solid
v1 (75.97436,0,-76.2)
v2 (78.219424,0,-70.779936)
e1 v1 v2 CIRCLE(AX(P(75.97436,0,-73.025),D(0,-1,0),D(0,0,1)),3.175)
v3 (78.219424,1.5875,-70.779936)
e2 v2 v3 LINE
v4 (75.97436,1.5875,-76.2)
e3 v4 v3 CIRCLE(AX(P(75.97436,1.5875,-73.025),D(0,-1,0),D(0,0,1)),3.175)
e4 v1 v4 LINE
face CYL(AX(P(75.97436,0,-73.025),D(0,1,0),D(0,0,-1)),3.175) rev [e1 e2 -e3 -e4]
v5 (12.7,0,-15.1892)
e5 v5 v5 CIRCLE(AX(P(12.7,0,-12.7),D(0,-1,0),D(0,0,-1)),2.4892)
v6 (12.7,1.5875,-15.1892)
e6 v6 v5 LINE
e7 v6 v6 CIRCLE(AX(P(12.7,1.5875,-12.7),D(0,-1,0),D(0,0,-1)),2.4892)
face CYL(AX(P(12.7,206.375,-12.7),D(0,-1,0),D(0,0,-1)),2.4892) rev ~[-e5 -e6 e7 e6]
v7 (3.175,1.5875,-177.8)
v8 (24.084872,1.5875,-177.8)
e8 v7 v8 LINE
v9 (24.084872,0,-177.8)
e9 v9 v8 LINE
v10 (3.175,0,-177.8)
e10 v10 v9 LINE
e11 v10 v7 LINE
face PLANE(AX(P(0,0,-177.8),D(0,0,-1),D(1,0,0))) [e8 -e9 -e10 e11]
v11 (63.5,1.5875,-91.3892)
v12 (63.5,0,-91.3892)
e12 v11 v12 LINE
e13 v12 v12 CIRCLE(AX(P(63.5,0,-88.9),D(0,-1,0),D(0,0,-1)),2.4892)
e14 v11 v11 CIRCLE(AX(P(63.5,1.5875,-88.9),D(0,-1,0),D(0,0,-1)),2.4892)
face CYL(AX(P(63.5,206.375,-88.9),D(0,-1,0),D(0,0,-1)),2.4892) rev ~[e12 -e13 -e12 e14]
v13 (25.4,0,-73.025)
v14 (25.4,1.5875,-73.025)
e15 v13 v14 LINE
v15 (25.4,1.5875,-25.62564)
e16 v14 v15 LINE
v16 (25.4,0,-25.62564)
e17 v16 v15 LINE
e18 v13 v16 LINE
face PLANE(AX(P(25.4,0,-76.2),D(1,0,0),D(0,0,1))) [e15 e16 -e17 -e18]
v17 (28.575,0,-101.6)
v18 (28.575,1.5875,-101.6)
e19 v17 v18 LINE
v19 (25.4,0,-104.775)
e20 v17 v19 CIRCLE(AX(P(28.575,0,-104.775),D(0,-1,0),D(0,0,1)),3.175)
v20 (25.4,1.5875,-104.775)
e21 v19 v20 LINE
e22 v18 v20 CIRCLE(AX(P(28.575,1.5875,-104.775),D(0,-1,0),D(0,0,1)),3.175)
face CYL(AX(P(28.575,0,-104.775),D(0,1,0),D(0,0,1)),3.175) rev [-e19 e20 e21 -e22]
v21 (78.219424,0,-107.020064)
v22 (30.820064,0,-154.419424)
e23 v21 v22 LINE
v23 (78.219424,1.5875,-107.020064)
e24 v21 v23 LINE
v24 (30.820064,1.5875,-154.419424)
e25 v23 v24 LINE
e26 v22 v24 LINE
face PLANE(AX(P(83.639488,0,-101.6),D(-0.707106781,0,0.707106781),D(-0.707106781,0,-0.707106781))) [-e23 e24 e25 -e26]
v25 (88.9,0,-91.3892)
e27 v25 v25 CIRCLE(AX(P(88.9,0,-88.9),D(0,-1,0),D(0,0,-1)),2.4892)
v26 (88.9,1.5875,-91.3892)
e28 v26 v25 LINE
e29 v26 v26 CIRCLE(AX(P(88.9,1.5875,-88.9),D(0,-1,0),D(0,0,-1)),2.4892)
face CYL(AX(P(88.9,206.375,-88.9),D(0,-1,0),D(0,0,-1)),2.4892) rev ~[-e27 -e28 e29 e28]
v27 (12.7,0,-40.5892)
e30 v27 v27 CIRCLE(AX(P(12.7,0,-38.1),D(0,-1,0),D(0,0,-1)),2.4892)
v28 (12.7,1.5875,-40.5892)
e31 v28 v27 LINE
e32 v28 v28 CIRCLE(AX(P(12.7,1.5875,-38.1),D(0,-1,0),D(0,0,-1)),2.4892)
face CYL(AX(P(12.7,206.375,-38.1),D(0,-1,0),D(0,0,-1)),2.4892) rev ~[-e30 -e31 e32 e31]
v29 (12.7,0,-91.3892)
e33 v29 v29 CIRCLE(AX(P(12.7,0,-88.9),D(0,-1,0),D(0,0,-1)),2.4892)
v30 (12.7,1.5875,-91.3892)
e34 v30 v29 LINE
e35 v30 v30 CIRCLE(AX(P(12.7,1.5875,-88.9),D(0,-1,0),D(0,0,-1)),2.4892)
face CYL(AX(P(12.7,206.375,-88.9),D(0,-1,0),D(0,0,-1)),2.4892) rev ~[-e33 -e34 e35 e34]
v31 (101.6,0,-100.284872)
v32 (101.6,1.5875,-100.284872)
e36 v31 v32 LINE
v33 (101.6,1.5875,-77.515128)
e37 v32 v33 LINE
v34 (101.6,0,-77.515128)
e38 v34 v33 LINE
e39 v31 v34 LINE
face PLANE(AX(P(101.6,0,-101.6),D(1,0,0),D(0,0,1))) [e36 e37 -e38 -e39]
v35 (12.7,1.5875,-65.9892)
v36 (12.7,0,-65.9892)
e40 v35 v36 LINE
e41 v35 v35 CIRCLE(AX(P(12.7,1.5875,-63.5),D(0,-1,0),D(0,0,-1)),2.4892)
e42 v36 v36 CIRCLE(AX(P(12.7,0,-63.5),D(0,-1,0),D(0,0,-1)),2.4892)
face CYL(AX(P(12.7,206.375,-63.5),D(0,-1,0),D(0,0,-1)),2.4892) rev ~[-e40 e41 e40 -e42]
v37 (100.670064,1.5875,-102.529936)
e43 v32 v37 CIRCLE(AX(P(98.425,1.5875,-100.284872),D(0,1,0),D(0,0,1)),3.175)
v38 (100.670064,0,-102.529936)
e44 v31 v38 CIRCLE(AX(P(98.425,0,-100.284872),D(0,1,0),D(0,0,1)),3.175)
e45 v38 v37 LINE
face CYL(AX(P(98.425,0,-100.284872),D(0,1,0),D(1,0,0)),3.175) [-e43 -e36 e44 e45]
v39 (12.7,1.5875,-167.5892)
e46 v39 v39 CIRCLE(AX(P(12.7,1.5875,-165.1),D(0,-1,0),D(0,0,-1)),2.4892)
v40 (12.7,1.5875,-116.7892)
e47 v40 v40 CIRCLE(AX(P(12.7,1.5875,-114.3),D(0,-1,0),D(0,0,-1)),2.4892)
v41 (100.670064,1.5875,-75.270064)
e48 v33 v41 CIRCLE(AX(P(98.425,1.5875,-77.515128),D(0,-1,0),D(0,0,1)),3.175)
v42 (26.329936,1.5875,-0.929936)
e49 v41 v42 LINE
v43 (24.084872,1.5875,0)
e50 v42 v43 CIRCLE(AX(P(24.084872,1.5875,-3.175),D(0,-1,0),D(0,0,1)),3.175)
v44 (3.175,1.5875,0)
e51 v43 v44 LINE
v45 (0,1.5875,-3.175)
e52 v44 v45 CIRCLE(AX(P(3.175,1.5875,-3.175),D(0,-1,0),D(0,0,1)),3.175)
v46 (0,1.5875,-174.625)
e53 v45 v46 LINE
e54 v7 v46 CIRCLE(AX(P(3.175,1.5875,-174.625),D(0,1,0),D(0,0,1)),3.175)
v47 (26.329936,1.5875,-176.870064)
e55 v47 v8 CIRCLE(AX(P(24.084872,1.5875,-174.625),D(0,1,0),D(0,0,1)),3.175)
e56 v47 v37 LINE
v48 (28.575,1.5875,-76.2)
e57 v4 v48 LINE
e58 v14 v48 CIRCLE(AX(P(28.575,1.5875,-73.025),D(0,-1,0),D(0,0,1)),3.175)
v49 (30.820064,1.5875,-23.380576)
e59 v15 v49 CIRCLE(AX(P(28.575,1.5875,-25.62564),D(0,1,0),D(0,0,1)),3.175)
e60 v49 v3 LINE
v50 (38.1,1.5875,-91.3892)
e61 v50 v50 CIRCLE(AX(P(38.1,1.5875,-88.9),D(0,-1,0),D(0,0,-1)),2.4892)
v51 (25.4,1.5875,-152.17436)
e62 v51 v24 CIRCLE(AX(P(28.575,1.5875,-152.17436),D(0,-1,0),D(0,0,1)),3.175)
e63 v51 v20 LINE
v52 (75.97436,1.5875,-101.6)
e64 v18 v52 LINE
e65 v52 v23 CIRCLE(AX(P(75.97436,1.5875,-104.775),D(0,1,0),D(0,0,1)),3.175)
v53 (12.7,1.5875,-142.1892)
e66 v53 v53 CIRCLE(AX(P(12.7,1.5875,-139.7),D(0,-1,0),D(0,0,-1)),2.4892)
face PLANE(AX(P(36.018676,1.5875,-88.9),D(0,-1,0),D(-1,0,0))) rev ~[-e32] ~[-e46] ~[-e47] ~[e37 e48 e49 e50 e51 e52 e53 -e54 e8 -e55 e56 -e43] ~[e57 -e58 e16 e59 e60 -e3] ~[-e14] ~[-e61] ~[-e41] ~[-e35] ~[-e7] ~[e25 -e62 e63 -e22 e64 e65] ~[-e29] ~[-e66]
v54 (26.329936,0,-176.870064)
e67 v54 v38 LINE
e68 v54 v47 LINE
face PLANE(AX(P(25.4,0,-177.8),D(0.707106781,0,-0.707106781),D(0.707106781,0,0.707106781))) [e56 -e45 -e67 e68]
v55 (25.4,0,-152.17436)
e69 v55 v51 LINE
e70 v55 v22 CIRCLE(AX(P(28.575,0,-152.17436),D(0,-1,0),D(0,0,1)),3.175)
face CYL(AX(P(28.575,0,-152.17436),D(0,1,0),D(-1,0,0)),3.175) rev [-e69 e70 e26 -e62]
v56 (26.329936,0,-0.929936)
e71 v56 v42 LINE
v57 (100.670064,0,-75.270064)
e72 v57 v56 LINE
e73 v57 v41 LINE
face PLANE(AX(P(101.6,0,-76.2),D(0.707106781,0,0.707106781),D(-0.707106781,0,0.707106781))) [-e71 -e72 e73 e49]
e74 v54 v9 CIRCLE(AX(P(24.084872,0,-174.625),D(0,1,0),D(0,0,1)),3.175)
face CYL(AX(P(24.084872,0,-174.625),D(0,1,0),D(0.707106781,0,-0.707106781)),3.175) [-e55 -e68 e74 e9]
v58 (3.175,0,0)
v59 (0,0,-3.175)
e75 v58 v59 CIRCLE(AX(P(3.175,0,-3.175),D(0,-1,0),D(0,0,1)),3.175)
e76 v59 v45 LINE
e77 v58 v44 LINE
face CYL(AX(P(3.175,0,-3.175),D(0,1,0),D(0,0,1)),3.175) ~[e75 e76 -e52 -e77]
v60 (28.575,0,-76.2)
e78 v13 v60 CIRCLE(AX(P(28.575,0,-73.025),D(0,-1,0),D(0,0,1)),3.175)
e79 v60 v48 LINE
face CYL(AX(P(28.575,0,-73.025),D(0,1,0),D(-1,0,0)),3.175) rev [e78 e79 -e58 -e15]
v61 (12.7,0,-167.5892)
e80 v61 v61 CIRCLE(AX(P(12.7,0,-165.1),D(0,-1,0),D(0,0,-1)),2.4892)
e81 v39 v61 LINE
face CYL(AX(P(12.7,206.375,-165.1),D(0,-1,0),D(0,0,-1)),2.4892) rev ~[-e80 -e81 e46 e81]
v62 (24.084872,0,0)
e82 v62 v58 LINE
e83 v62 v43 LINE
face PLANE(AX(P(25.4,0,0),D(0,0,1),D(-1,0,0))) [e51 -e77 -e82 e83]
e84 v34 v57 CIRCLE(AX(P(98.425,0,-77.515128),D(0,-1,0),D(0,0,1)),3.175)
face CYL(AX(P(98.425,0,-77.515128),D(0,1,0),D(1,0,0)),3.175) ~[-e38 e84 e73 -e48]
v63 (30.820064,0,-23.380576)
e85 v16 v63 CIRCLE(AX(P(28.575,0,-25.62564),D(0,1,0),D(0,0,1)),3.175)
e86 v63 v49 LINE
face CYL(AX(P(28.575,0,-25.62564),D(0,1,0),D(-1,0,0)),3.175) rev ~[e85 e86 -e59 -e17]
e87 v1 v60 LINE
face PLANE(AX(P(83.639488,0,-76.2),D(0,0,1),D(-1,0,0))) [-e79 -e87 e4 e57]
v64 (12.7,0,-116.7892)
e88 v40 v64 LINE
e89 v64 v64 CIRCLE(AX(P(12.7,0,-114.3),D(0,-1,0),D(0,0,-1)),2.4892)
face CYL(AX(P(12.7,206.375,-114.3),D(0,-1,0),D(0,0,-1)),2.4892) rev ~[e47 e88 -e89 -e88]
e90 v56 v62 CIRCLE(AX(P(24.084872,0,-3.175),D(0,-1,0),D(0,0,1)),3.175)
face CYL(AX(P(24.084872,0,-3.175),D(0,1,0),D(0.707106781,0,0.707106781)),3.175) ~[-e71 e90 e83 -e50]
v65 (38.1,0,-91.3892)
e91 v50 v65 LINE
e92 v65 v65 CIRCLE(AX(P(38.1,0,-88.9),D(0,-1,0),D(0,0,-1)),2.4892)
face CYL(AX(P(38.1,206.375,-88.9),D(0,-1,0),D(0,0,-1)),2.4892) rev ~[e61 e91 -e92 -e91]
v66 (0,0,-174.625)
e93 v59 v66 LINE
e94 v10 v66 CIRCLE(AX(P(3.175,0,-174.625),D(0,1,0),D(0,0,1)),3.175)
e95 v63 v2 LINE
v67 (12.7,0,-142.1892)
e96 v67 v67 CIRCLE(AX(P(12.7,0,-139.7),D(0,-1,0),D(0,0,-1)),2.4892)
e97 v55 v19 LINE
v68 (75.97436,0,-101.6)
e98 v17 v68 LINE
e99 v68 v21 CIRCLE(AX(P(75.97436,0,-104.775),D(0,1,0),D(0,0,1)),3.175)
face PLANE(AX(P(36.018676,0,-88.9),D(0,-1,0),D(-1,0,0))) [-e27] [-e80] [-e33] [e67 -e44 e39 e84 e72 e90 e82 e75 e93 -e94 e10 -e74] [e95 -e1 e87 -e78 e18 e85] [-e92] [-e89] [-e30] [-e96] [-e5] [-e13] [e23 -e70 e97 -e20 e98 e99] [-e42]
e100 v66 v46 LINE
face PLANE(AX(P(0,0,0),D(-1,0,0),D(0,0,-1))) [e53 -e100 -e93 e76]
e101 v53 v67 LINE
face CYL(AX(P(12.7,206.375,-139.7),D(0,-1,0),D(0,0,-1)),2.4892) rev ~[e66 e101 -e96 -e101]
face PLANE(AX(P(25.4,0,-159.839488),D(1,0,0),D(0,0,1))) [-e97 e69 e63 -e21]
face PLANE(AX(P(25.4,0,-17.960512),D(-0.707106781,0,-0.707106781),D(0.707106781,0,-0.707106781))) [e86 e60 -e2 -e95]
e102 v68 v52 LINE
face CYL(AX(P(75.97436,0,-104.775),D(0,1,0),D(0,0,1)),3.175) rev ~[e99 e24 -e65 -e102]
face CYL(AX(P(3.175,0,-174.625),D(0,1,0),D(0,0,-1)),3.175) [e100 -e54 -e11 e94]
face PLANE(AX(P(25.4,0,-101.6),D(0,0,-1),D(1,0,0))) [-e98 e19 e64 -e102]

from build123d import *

# Parameters (mm, degrees)
BOSS_EXTRUDE1_DEPTH        = 1.5875
F_9_0_196_DIAMETER_HOLE1_D = 4.9784
LPATTERN1_COUNT            = 4
LPATTERN1_PITCH            = 25.4
LPATTERN1_COL_COUNT        = 4
LPATTERN1_COL_PITCH        = 25.4
LPATTERN2_COUNT            = 4
LPATTERN2_PITCH            = 25.4
FILLET1_R                  = 3.175


with BuildPart() as part:
    # Sketch1 → Boss-Extrude1 (new body)
    with BuildSketch(Plane(origin=(0, 0, 0), x_dir=(1, 0, 0), z_dir=(0, 1, 0))):
        Polygon((101.6, 101.6), (101.6, 76.2), (25.4, 0), (0, 0), (0, 177.8), (25.4, 177.8), align=None)
        Polygon((25.4, 17.960512242), (83.639487758, 76.2), (25.4, 76.2), align=None, mode=Mode.SUBTRACT)
        Polygon((83.639487758, 101.6), (25.4, 159.839487758), (25.4, 101.6), align=None, mode=Mode.SUBTRACT)
    extrude(amount=BOSS_EXTRUDE1_DEPTH)

    # #9 (0.196) Diameter Hole1 (through all)
    with Locations(Plane(origin=(12.7, 1.5875, -88.9), x_dir=(0, 0, 1), z_dir=(0, 1, 0))):
        with Locations((0, 0)):
            f_9_0_196_diameter_hole1 = Hole(F_9_0_196_DIAMETER_HOLE1_D / 2)

    # LPattern1: #9 (0.196) Diameter Hole1 ×4
    with Locations(*[(0, 0, -i * LPATTERN1_PITCH) for i in range(1, LPATTERN1_COUNT)]):
        add(f_9_0_196_diameter_hole1, mode=Mode.SUBTRACT)

    # LPattern1 col: #9 (0.196) Diameter Hole1 ×4
    with Locations(*[(i * LPATTERN1_COL_PITCH, 0, 0) for i in range(1, LPATTERN1_COL_COUNT)]):
        add(f_9_0_196_diameter_hole1, mode=Mode.SUBTRACT)

    # LPattern2: #9 (0.196) Diameter Hole1 ×4
    with Locations(*[(0, 0, i * LPATTERN2_PITCH) for i in range(1, LPATTERN2_COUNT)]):
        add(f_9_0_196_diameter_hole1, mode=Mode.SUBTRACT)

    # Fillet1
    fillet1_edges = [part.edges().sort_by_distance(p)[0] for p in [
        (101.6, 0.79375, -76.2),
        (25.4, 0.79375, 0),
        (0, 0.79375, 0),
        (0, 0.79375, -177.8),
        (25.4, 0.79375, -177.8),
        (101.6, 0.79375, -101.6),
        (25.4, 0.79375, -159.839487758),
        (25.4, 0.79375, -101.6),
        (83.639487758, 0.79375, -101.6),
        (83.639487758, 0.79375, -76.2),
        (25.4, 0.79375, -76.2),
        (25.4, 0.79375, -17.960512242),
    ]]
    fillet(fillet1_edges, radius=FILLET1_R)


solid = part.part
